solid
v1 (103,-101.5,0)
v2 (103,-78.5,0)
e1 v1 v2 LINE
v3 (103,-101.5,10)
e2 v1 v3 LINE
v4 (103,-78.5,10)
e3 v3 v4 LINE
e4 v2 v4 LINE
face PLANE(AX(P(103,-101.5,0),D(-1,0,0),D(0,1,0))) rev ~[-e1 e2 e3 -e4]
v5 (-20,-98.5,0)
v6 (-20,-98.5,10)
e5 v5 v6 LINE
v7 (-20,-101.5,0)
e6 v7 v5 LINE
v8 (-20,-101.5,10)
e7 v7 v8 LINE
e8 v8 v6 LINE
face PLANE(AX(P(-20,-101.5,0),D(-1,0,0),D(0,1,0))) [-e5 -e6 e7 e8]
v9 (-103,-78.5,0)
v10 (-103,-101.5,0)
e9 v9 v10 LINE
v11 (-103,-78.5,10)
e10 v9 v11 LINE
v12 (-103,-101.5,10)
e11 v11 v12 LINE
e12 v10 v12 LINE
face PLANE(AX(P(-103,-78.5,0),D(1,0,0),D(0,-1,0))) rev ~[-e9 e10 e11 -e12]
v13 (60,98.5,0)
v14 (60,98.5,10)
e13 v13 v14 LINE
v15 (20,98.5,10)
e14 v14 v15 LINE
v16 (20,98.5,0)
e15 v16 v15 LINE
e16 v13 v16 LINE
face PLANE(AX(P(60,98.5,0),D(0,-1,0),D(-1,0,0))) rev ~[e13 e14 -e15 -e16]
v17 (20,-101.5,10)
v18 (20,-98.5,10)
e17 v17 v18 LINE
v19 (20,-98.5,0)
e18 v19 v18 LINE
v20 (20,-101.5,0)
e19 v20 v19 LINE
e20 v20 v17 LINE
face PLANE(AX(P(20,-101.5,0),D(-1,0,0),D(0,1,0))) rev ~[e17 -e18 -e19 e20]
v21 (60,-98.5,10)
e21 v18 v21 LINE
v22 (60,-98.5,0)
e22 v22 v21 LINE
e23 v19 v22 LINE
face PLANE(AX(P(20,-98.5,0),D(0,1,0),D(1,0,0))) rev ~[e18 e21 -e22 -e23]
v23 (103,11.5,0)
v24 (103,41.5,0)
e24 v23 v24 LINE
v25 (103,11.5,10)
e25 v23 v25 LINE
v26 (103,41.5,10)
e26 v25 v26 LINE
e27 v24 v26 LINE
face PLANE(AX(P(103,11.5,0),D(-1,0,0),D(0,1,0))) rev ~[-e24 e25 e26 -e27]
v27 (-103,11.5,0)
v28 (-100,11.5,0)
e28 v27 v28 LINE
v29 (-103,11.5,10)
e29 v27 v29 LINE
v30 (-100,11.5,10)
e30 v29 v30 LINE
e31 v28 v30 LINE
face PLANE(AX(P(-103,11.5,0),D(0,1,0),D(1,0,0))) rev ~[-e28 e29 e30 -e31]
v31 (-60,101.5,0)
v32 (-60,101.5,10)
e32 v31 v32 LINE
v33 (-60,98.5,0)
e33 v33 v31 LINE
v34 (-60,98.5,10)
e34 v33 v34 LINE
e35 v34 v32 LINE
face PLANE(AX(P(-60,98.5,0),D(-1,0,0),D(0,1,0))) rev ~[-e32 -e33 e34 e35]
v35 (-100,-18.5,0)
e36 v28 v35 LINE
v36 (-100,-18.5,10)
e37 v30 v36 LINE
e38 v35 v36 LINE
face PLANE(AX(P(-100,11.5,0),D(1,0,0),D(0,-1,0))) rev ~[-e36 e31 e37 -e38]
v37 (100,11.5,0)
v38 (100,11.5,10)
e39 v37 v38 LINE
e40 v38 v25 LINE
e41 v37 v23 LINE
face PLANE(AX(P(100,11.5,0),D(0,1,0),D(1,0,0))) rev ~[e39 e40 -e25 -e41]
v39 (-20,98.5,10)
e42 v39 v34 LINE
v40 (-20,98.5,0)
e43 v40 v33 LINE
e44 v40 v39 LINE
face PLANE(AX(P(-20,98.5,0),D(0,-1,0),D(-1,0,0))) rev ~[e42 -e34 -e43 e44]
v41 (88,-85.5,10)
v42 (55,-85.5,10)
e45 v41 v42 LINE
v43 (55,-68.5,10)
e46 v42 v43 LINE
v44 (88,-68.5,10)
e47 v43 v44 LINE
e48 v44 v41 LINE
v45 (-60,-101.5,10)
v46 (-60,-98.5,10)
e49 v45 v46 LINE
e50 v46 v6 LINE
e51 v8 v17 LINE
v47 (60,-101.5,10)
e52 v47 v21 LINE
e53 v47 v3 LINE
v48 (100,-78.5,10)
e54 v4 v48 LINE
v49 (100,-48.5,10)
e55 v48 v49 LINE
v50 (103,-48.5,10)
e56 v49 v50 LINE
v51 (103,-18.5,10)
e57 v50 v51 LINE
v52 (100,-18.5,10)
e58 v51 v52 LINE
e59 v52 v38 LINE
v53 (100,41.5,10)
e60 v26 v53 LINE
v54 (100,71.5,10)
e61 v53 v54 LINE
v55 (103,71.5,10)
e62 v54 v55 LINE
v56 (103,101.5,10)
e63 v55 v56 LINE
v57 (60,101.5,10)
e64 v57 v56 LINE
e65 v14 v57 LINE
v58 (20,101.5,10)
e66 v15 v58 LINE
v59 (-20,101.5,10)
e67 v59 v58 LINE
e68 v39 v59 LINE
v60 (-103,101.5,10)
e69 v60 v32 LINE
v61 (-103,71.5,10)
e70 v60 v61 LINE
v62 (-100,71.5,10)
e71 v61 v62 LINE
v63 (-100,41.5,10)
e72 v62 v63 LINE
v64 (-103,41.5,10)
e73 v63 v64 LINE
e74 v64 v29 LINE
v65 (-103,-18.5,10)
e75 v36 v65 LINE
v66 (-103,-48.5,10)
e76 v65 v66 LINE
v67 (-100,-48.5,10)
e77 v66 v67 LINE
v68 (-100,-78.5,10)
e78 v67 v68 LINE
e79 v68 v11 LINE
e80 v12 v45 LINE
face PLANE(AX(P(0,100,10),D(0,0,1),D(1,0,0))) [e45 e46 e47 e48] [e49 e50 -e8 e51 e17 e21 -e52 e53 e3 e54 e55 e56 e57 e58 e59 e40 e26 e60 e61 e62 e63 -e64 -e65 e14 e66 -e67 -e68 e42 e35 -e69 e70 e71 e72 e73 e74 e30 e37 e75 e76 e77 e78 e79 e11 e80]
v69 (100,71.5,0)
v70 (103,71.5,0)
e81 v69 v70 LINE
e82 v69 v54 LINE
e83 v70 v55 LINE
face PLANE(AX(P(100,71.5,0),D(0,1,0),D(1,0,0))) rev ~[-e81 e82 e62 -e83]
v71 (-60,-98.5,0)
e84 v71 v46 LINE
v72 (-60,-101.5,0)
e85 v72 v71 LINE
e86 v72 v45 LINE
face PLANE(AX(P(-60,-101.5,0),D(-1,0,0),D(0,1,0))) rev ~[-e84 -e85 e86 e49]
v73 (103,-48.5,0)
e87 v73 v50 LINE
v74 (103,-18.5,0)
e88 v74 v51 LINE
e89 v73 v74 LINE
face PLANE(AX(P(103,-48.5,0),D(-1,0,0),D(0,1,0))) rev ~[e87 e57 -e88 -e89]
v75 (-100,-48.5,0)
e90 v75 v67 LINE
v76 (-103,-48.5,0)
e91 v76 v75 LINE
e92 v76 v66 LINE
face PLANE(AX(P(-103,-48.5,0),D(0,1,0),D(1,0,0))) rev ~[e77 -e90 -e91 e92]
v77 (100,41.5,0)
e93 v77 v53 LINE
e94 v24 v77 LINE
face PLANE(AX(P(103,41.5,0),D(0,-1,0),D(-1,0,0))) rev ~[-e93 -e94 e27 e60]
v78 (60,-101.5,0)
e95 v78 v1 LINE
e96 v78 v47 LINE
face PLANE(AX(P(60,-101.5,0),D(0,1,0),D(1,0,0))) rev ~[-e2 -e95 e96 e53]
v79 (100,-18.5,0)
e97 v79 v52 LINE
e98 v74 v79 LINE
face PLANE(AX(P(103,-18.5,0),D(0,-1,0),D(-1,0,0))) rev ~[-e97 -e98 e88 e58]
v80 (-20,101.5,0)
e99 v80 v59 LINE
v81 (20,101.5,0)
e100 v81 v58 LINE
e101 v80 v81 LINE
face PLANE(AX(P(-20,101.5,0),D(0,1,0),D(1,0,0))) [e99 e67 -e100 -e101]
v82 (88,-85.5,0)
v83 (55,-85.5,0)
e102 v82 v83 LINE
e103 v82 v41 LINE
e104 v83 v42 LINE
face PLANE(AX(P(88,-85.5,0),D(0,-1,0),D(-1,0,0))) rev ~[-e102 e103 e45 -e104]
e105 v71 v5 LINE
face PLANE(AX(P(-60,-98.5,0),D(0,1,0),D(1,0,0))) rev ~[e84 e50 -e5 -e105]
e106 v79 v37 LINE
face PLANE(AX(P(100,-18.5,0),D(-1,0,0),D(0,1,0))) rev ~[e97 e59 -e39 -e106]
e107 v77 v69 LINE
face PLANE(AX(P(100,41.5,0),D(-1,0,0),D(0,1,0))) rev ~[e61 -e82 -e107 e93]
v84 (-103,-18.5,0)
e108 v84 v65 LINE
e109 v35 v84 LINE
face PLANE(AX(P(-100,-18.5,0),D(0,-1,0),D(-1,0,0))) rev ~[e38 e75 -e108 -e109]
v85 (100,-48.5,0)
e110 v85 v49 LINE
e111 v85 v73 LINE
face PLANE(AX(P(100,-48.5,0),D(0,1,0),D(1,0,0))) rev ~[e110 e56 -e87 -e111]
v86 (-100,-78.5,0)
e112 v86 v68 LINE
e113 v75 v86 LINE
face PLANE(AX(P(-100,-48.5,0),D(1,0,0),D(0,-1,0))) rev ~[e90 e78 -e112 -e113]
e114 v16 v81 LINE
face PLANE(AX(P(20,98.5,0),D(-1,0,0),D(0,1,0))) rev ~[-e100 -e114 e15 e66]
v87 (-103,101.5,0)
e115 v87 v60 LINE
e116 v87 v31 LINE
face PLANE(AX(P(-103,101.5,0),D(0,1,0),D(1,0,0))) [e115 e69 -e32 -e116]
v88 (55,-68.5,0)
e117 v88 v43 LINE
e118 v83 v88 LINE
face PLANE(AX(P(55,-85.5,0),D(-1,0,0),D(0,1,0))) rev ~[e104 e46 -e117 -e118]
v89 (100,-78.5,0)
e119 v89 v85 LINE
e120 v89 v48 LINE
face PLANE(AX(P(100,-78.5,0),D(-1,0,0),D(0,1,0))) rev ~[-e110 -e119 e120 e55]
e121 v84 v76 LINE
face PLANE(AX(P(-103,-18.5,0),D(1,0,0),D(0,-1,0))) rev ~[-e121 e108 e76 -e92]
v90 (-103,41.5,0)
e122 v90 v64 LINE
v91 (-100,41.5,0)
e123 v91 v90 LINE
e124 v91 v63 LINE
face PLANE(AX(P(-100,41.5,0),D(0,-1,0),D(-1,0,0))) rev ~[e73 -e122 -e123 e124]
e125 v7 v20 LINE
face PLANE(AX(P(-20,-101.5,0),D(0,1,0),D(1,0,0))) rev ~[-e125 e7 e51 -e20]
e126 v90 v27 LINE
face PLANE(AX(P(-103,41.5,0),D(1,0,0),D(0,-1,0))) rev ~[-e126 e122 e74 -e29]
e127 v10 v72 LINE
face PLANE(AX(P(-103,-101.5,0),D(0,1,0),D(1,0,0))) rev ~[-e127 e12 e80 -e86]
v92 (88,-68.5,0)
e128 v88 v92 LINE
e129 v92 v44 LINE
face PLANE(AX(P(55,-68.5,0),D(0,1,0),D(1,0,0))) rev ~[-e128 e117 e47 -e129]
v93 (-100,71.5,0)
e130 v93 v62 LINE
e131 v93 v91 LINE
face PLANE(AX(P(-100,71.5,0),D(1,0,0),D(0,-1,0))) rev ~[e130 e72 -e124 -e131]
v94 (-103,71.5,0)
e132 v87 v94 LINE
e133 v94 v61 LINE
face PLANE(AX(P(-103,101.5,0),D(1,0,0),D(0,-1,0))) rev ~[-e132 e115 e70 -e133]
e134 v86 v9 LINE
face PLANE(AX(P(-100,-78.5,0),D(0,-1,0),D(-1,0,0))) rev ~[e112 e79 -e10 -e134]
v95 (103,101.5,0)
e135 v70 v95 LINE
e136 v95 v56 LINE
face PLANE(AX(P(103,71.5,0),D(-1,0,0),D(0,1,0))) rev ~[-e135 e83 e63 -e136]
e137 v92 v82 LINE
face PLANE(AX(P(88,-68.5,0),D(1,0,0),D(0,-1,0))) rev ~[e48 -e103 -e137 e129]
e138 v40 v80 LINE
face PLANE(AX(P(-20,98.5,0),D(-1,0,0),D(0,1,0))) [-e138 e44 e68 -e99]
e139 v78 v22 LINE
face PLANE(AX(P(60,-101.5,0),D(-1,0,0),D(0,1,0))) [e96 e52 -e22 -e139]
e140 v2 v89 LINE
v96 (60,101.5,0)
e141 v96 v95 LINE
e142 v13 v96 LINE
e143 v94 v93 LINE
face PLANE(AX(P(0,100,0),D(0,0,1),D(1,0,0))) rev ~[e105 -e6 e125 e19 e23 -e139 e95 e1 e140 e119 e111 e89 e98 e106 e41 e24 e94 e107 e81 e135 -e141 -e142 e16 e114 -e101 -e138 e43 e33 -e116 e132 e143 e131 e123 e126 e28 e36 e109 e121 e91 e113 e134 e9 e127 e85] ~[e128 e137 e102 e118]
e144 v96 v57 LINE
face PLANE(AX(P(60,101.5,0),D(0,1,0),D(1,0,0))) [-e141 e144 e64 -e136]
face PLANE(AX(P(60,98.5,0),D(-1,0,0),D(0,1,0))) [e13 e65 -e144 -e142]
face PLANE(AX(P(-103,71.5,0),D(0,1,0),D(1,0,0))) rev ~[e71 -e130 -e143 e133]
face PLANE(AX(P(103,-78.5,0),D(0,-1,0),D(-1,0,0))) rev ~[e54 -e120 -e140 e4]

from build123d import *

# Parameters (mm, degrees)
SKETCH1_W           = 40
SKETCH1_H           = 3
SKETCH1_W_2         = 43
BOSS_EXTRUDE1_DEPTH = 10


with BuildPart() as part:
    # Sketch1 → Boss-Extrude1 (new body)
    with BuildSketch(Plane.XY):
        with Locations((0, 100)):
            Rectangle(SKETCH1_W, SKETCH1_H)
        with Locations((-81.5, 100)):
            Rectangle(SKETCH1_W_2, SKETCH1_H)
        with Locations((81.5, 100)):
            Rectangle(SKETCH1_W_2, SKETCH1_H)
        with Locations((81.5, -100)):
            Rectangle(SKETCH1_W_2, SKETCH1_H)
        with Locations((0, -100)):
            Rectangle(SKETCH1_W, SKETCH1_H)
        with Locations((-81.5, -100)):
            Rectangle(SKETCH1_W_2, SKETCH1_H)
        Polygon((88, -84.155339806), (103, -98.5), (103, -78.5), (100, -78.5), (100, -48.5), (103, -48.5), (103, -18.5), (100, -18.5), (100, 11.5), (103, 11.5), (103, 41.5), (100, 41.5), (100, 71.5), (103, 71.5), (103, 98.5), (60, 98.5), (20, 98.5), (-20, 98.5), (-60, 98.5), (-103, 98.5), (71.629441624, -68.5), (88, -68.5), align=None)
        Polygon((-103, -78.5), (-103, -98.5), (-60, -98.5), (-20, -98.5), (20, -98.5), (60, -98.5), (103, -98.5), (88, -84.155339806), (88, -85.5), (55, -85.5), (55, -68.5), (71.629441624, -68.5), (-103, 98.5), (-103, 71.5), (-100, 71.5), (-100, 41.5), (-103, 41.5), (-103, 11.5), (-100, 11.5), (-100, -18.5), (-103, -18.5), (-103, -48.5), (-100, -48.5), (-100, -78.5), align=None)
    extrude(amount=BOSS_EXTRUDE1_DEPTH)


solid = part.part
